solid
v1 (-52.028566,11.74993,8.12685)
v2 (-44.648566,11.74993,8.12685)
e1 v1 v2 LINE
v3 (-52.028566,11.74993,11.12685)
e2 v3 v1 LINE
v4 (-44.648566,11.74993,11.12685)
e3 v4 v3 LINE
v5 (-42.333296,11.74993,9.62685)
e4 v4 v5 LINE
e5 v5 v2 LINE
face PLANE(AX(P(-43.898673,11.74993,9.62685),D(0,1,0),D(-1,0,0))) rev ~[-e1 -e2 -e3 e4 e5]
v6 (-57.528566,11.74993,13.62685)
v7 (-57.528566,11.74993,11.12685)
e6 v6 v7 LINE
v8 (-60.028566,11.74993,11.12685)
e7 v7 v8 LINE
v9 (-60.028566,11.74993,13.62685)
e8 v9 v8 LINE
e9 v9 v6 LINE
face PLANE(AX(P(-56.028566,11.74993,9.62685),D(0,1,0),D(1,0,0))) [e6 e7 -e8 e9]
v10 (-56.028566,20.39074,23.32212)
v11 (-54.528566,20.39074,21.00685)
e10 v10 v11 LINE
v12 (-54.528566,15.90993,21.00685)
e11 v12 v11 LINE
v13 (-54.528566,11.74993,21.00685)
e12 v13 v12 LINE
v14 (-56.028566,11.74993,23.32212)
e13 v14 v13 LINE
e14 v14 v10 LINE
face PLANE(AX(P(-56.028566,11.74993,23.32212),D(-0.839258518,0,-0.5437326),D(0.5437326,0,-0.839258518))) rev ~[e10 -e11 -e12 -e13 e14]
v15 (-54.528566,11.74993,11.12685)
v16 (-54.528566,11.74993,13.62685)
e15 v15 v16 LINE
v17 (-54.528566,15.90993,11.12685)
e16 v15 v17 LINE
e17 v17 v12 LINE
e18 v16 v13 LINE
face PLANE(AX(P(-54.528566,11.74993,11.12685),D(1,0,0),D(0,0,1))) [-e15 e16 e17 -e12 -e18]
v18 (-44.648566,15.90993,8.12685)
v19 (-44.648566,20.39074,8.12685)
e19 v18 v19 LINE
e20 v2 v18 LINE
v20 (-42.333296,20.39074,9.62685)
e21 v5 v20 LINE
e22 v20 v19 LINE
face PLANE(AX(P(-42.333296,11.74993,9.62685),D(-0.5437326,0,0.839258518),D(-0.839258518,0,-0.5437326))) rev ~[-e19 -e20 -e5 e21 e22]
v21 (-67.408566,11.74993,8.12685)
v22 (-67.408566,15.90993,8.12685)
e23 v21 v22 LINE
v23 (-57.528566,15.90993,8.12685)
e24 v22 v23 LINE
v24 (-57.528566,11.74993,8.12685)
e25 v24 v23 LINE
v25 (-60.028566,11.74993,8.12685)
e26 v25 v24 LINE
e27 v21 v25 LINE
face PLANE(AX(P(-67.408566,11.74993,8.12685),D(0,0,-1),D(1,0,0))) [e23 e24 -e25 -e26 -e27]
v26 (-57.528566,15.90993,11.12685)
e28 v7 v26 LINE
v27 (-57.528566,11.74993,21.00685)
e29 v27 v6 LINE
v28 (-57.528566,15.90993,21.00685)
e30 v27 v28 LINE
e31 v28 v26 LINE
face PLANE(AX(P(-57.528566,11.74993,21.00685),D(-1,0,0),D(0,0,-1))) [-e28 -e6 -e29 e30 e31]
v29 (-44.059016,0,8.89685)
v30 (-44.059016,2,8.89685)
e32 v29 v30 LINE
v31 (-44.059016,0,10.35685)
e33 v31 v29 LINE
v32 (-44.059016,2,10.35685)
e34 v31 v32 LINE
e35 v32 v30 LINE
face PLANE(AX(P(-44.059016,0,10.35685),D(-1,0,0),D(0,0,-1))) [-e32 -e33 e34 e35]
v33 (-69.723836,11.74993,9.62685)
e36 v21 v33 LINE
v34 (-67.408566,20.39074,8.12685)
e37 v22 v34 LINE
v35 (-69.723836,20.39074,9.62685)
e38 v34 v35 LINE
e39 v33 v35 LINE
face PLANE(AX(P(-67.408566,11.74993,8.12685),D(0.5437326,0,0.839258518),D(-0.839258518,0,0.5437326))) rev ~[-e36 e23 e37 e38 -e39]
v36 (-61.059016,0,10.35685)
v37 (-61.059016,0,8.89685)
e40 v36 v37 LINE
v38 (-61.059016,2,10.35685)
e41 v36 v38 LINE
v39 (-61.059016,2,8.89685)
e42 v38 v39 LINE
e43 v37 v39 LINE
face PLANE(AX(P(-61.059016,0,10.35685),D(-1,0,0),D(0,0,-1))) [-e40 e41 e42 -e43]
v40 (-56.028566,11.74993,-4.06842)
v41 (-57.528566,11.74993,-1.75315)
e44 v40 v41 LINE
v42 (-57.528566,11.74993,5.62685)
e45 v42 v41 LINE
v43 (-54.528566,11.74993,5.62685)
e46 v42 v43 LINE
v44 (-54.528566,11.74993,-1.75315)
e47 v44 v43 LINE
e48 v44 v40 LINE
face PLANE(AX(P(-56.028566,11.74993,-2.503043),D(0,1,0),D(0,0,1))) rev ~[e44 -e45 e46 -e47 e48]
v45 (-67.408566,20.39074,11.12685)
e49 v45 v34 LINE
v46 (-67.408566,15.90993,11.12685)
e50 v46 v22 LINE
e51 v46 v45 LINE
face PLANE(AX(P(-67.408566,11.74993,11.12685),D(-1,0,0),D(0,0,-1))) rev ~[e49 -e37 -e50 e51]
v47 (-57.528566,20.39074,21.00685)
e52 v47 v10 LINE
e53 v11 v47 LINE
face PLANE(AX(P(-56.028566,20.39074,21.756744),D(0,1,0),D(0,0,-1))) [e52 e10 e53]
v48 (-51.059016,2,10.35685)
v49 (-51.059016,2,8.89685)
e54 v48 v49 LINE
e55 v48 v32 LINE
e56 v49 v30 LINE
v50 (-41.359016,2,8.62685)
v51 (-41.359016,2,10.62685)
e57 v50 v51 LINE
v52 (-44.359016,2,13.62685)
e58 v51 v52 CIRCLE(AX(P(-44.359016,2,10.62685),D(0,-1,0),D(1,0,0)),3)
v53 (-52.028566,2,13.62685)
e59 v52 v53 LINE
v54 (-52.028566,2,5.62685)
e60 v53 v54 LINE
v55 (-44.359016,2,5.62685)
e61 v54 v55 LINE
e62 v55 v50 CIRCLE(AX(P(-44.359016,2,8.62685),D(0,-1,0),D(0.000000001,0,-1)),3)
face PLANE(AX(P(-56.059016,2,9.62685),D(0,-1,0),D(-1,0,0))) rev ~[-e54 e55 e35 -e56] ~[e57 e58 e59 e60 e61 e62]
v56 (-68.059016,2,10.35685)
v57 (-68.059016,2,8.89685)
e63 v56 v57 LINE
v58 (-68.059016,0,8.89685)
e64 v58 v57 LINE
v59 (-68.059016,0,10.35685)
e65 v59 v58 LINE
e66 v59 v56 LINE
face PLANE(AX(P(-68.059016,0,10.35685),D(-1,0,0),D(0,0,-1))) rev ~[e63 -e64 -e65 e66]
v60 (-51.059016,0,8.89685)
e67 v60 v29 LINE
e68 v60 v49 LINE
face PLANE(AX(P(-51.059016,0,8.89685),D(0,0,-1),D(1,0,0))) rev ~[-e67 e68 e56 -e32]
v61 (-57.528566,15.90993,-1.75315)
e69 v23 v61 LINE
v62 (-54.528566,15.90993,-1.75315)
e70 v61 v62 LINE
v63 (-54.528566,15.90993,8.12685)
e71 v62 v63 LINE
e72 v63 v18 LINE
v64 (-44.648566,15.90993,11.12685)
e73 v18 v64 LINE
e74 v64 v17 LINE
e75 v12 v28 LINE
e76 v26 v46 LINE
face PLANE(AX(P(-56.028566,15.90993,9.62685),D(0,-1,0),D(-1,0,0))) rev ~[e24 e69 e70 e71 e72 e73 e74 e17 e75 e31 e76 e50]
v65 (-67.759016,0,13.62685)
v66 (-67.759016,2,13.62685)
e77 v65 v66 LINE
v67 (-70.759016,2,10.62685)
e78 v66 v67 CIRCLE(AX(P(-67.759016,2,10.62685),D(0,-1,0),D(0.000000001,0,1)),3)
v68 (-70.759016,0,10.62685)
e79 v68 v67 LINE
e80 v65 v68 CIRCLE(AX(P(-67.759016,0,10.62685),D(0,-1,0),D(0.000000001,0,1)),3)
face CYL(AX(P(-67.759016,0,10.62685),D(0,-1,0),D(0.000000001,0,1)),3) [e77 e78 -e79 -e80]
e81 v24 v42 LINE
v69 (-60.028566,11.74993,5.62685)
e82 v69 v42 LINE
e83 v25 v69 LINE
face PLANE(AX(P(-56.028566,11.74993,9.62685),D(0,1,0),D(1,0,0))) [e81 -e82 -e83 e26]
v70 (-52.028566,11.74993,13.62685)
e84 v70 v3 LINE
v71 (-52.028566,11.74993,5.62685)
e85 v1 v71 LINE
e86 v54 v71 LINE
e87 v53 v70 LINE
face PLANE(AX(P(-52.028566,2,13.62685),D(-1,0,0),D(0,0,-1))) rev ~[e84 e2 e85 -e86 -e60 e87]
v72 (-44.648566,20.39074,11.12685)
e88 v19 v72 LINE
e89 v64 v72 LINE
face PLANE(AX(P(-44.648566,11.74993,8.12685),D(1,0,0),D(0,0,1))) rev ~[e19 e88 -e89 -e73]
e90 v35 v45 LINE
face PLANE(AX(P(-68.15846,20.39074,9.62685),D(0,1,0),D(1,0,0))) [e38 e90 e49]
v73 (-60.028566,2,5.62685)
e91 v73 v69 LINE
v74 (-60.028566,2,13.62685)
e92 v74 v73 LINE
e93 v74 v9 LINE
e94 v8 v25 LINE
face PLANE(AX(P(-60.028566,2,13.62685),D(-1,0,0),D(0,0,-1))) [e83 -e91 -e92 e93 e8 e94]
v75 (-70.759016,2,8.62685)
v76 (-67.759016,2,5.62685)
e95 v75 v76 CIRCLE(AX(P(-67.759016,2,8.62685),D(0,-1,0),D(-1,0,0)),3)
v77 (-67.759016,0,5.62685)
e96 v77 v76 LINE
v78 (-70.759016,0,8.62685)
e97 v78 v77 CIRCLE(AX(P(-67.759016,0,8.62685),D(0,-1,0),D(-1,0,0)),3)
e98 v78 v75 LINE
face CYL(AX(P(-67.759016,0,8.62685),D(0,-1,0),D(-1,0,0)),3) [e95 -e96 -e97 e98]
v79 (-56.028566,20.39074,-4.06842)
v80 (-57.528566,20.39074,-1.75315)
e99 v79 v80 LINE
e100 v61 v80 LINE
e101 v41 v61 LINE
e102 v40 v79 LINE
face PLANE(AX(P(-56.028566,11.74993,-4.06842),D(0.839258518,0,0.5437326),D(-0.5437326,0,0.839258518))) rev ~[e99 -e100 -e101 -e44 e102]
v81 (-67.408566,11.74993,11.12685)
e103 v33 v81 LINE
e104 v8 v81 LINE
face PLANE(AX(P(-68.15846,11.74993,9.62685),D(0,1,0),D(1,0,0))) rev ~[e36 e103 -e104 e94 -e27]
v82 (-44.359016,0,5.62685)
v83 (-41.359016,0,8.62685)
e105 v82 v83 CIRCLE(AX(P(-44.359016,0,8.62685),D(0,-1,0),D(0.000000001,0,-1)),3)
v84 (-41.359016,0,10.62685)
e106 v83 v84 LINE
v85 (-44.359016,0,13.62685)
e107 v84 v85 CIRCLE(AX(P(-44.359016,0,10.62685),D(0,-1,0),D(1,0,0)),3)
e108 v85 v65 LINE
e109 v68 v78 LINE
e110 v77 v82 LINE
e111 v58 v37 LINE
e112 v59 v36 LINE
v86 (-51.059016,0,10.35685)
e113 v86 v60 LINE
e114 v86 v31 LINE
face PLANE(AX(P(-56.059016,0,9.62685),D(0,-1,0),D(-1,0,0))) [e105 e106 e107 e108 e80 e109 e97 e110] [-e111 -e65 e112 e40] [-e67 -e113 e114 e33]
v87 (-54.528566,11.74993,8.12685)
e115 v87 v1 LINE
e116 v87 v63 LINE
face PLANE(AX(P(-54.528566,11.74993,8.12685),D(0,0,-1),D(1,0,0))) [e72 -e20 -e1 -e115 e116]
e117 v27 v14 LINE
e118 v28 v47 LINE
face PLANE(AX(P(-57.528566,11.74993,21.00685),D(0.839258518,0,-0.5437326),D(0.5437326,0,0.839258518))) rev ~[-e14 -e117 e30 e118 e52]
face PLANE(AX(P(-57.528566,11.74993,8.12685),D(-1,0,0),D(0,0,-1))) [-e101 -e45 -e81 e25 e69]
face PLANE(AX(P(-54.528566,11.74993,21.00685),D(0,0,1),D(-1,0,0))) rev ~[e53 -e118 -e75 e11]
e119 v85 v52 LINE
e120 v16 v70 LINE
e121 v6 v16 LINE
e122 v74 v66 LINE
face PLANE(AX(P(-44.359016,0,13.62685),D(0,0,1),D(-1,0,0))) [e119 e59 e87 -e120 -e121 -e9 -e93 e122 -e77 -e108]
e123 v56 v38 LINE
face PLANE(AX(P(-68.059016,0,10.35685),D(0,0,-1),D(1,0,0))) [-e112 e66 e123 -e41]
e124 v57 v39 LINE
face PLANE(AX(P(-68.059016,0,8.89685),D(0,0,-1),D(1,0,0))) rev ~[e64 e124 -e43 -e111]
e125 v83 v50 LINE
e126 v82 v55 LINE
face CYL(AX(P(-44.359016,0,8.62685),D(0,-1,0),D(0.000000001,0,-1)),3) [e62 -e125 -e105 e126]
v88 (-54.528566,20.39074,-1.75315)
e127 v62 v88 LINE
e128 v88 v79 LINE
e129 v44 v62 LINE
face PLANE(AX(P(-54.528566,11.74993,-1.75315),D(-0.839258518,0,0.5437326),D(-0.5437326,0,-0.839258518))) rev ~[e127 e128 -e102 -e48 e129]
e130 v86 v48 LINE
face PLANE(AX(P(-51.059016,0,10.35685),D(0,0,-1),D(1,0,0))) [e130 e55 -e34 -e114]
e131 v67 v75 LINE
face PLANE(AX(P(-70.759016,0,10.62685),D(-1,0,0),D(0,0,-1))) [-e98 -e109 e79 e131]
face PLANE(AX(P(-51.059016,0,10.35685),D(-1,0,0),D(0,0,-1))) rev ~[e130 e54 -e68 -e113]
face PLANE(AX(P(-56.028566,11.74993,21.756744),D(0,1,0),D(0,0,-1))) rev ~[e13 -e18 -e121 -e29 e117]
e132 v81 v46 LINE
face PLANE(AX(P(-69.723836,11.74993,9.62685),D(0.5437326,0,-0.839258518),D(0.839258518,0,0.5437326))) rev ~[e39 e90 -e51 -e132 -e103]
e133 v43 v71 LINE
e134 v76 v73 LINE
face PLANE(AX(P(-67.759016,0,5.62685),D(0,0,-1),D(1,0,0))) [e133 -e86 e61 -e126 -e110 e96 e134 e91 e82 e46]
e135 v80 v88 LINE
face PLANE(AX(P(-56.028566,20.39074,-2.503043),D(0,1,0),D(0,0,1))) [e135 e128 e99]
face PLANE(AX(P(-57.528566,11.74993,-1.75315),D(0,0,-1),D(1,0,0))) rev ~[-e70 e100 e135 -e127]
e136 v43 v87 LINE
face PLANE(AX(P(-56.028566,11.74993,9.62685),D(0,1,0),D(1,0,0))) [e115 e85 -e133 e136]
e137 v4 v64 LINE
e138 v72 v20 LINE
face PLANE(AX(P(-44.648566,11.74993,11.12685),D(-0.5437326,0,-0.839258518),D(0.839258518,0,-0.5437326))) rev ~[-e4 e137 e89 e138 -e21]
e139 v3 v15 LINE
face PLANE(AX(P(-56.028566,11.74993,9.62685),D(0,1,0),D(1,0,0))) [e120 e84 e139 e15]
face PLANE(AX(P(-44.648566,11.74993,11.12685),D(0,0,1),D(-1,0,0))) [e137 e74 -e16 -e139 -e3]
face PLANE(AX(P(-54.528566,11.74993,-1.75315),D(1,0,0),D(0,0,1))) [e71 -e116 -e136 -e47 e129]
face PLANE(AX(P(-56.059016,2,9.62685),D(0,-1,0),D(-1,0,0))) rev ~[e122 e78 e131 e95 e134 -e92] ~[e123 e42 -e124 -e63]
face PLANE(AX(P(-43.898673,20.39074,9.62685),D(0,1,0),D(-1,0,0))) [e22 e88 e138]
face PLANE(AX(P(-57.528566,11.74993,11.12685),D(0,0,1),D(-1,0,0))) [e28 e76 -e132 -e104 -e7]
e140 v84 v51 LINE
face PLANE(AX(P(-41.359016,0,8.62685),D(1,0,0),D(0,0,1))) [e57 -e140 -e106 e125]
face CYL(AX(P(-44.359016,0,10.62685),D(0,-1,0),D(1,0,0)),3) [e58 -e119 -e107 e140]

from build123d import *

# Parameters (mm, degrees)
SKETCH1_W           = 7
SKETCH1_H           = 1.46
BOSS_EXTRUDE2_DEPTH = 2
SKETCH2_W           = 8
SKETCH2_H           = 8
BOSS_EXTRUDE3_DEPTH = 9.74993
BOSS_EXTRUDE4_DEPTH = 4.16
BOSS_EXTRUDE5_DEPTH = 8.64081
SKETCH6_R           = 1.5
BOSS_EXTRUDE7_DEPTH = 0.5
CIRPATTERN2_COUNT   = 4


with BuildPart() as part:
    # Sketch1 → Boss-Extrude2 (new body)
    with BuildSketch(Plane(origin=(0, 0, 0), x_dir=(1, 0, 0), z_dir=(0, 1, 0))):
        with BuildLine():
            Line((-67.759015818, -5.626850133), (-44.359015818, -5.626850133))
            ThreePointArc((-44.359015818, -5.626850133), (-42.237695475, -6.50552979), (-41.359015818, -8.626850133))
            Line((-41.359015818, -8.626850133), (-41.359015818, -10.626850133))
            ThreePointArc((-41.359015818, -10.626850133), (-42.237695475, -12.748170477), (-44.359015818, -13.626850133))
            Line((-44.359015818, -13.626850133), (-67.759015818, -13.626850133))
            ThreePointArc((-67.759015818, -13.626850133), (-69.880336162, -12.748170477), (-70.759015818, -10.626850133))
            Line((-70.759015818, -10.626850133), (-70.759015818, -8.626850133))
            ThreePointArc((-70.759015818, -8.626850133), (-69.880336162, -6.50552979), (-67.759015818, -5.626850133))
        make_face()
        with Locations((-64.559015818, -9.626850133)):
            Rectangle(SKETCH1_W, SKETCH1_H, mode=Mode.SUBTRACT)
        with Locations((-47.559015818, -9.626850133)):
            Rectangle(SKETCH1_W, SKETCH1_H, mode=Mode.SUBTRACT)
    extrude(amount=BOSS_EXTRUDE2_DEPTH)

    # Sketch2 → Boss-Extrude3 (add)
    with BuildSketch(Plane(origin=(0, 2, 0), x_dir=(1, 0, 0), z_dir=(0, 1, 0))):
        with Locations((-56.028566074, -9.626850133)):
            Rectangle(SKETCH2_W, SKETCH2_H)
    extrude(amount=BOSS_EXTRUDE3_DEPTH)

    # Sketch3 → Boss-Extrude4 (add)
    with BuildSketch(Plane(origin=(0, 11.74993, 0), x_dir=(1, 0, 0), z_dir=(0, 1, 0))):
        Polygon((-67.408566074, -8.126850133), (-57.528566074, -8.126850133), (-57.528566074, 1.753149867), (-54.528566074, 1.753149867), (-54.528566074, -8.126850133), (-44.648566074, -8.126850133), (-44.648566074, -11.126850133), (-54.528566074, -11.126850133), (-54.528566074, -21.006850133), (-57.528566074, -21.006850133), (-57.528566074, -11.126850133), (-67.408566074, -11.126850133), align=None)
    extrude(amount=BOSS_EXTRUDE4_DEPTH)

    # Sketch4 → Boss-Extrude5 (add)
    with BuildSketch(Plane(origin=(0, 11.74993, 0), x_dir=(1, 0, 0), z_dir=(0, 1, 0))):
        Polygon((-67.408566074, -8.126850133), (-69.723836074, -9.626850133), (-67.408566074, -11.126850133), align=None)
    boss_extrude5 = extrude(amount=BOSS_EXTRUDE5_DEPTH)

    # Sketch6 → Boss-Extrude7 (add)
    with BuildSketch(Plane(origin=(0, 0, 0), x_dir=(1, 0, 0), z_dir=(0, 1, 0))):
        with Locations((-56.028566074, -9.626850133)):
            Circle(SKETCH6_R)
    extrude(amount=BOSS_EXTRUDE7_DEPTH)

    # CirPattern2: Boss-Extrude5 ×4 about axis
    cirpattern2_axis = Axis((-56.028566074, 0, 9.626850133), (0, 1, 0))
    for i in range(1, CIRPATTERN2_COUNT):
        add(boss_extrude5.rotate(cirpattern2_axis, i * 360 / CIRPATTERN2_COUNT))


solid = part.part
